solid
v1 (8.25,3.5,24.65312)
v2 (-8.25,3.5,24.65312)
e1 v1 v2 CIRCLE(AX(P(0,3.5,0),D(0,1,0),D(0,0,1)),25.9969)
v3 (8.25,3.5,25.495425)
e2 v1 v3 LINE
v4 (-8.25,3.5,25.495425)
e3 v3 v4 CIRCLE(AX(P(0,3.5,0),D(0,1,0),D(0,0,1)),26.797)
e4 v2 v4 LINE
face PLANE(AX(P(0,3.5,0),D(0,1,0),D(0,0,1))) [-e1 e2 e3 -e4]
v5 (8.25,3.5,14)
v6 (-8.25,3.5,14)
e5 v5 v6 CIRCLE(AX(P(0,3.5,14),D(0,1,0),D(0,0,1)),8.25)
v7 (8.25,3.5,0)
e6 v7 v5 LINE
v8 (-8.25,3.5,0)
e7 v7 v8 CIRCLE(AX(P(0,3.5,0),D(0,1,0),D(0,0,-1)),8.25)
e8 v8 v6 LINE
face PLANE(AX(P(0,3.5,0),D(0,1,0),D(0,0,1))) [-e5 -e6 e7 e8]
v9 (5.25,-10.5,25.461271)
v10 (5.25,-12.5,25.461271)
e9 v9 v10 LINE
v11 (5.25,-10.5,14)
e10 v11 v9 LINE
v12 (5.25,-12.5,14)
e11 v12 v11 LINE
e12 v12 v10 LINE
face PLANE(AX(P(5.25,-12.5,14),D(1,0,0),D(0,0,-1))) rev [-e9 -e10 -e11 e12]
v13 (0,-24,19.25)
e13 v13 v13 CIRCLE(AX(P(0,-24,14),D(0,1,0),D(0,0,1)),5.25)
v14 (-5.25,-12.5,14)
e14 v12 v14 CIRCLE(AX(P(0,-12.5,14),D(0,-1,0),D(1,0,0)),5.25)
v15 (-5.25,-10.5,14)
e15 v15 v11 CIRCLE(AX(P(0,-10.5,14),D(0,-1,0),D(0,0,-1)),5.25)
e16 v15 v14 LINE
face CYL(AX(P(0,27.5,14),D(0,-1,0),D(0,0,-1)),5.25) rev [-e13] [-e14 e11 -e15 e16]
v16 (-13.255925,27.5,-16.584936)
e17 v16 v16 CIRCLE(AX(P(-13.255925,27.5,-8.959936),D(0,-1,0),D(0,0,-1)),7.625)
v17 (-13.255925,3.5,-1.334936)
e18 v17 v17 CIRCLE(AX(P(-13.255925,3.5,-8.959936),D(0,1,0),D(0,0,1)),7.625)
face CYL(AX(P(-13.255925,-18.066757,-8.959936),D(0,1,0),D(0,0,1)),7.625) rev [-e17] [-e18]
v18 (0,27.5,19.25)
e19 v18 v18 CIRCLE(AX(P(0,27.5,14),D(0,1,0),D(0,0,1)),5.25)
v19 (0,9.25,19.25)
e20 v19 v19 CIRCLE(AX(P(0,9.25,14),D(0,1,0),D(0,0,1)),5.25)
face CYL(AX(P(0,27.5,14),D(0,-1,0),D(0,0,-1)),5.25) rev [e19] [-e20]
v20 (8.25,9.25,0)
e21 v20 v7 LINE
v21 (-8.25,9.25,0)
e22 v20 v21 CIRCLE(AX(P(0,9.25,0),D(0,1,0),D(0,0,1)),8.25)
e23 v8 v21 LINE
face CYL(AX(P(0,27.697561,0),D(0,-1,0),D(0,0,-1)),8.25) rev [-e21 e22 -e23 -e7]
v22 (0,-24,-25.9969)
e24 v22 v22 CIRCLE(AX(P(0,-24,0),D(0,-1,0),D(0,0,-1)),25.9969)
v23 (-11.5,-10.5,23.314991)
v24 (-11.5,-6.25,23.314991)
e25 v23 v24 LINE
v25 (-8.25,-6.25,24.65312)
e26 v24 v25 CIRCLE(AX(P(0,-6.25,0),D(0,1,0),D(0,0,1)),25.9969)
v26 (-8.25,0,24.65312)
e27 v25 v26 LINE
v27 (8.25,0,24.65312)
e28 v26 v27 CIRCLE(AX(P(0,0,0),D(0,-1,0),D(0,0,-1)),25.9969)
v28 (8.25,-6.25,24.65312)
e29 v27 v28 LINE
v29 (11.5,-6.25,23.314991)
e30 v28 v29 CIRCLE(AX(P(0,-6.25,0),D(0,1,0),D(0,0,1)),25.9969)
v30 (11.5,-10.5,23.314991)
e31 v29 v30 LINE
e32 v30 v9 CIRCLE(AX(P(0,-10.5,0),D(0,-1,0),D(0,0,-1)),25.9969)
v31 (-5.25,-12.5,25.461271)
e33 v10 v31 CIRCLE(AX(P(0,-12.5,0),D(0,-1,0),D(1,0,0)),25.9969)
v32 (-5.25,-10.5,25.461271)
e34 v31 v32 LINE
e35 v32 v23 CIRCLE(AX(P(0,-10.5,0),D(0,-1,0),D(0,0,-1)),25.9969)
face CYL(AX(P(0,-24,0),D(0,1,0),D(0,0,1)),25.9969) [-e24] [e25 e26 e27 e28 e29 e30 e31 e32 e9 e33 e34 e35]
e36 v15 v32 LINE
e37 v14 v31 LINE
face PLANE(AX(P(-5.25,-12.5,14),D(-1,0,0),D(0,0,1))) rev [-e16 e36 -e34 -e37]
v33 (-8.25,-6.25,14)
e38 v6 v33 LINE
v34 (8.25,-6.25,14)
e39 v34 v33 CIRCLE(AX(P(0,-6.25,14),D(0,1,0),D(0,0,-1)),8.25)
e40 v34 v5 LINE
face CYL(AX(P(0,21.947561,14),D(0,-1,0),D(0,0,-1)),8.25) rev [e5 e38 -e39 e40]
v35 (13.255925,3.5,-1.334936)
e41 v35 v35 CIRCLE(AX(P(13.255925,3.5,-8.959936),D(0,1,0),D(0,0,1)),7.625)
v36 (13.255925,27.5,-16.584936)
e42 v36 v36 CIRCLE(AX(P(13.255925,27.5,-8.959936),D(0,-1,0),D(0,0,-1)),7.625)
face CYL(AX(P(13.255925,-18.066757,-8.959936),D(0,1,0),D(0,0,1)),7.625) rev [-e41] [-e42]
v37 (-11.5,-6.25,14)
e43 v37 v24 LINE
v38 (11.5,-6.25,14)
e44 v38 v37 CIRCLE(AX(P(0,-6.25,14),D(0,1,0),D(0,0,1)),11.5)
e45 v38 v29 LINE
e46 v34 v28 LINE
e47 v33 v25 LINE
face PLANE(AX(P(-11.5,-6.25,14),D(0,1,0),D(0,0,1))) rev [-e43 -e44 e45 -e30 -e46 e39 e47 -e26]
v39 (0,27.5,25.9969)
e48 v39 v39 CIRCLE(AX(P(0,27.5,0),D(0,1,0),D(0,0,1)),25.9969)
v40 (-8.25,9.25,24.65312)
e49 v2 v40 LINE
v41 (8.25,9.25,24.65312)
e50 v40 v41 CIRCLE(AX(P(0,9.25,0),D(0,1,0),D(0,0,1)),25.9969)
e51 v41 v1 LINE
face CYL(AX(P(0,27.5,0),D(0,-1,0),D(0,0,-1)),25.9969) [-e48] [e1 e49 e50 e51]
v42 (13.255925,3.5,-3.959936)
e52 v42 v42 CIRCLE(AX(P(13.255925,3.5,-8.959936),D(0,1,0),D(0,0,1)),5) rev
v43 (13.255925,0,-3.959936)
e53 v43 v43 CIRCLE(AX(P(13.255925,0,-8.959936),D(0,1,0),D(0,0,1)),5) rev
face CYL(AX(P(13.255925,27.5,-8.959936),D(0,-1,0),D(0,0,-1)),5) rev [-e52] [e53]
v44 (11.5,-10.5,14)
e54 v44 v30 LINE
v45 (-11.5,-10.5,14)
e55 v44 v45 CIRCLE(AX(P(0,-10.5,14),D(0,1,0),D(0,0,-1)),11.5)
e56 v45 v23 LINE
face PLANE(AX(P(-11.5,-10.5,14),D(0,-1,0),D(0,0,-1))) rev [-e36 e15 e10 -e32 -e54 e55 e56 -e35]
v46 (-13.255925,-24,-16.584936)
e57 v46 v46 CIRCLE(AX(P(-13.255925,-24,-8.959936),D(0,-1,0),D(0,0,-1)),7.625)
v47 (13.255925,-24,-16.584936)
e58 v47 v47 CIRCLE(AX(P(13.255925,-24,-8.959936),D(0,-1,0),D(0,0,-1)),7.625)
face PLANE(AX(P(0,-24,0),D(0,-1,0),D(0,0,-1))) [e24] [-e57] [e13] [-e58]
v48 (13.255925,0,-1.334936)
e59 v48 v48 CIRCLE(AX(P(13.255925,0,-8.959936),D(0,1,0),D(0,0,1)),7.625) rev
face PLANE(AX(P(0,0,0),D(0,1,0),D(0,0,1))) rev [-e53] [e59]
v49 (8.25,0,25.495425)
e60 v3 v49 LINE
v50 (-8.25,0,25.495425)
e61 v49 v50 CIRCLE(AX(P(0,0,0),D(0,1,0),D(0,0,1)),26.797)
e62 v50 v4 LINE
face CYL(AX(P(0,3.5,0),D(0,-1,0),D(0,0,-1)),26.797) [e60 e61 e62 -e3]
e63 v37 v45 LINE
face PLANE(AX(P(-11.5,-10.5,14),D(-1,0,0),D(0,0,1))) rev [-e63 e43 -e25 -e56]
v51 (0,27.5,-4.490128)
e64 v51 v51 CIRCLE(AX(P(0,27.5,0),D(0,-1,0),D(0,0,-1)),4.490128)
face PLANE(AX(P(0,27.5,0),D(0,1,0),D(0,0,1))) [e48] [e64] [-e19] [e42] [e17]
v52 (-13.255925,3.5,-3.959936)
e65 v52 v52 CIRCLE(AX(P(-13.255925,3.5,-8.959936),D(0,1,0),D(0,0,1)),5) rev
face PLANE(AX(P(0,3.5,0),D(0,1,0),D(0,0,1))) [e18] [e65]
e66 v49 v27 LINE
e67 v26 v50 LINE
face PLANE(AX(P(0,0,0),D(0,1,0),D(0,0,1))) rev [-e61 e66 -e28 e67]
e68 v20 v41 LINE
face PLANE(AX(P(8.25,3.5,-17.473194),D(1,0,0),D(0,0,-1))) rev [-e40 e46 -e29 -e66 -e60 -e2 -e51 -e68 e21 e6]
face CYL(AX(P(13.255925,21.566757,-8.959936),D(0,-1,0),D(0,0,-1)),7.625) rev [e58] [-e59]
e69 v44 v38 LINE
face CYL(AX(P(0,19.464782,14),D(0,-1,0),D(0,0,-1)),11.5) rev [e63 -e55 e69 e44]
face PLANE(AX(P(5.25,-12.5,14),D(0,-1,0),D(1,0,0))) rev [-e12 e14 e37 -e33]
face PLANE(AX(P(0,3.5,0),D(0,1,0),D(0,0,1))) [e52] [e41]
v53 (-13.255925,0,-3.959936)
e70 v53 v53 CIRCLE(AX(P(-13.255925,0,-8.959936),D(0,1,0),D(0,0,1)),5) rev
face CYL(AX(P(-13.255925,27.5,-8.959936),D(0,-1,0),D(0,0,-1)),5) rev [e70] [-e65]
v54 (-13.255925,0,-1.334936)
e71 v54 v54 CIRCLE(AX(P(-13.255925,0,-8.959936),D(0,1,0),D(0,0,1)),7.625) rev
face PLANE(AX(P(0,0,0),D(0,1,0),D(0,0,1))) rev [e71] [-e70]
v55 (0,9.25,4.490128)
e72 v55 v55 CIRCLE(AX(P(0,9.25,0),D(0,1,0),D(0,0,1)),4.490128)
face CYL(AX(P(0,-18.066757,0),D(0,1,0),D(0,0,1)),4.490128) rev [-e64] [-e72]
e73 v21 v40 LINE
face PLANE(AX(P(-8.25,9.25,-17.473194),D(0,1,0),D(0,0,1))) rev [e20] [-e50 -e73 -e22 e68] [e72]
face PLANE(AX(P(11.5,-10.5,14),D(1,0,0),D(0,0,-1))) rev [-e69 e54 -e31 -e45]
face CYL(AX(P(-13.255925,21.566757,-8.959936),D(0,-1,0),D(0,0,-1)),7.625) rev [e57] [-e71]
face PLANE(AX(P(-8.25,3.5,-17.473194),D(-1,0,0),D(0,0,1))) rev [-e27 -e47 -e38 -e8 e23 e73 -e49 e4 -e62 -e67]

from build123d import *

# Parameters (mm, degrees)
SKETCH1_R           = 26.797
BOSS_EXTRUDE1_DEPTH = 3.5
SKETCH2_R           = 25.9969
BOSS_EXTRUDE2_DEPTH = 24
SKETCH3_R           = 25.9969
BOSS_EXTRUDE3_DEPTH = 24
SKETCH4_R           = 7.625
CUT_EXTRUDE1_DEPTH  = 24
SKETCH5_R           = 7.625
SKETCH5_R_2         = 4.490128061
CUT_EXTRUDE2_DEPTH  = 24
SKETCH6_R           = 5.25
SKETCH6_R_2         = 5
CUT_EXTRUDE4_DEPTH  = 52.5
CUT_EXTRUDE5_START  = -26.797
SKETCH7_W           = 16.5
SKETCH7_H           = 5.75
CUT_EXTRUDE5_DEPTH  = 25.9969
CUT_EXTRUDE6_DEPTH  = 5.75
SKETCH13_W          = 16.5
SKETCH13_H          = 9.75
CUT_EXTRUDE10_DEPTH = 12.797
CUT_EXTRUDE11_DEPTH = 9.75
SKETCH9_W           = 23
SKETCH9_H           = 4.25
CUT_EXTRUDE7_DEPTH  = 12.797
CUT_EXTRUDE8_DEPTH  = 4.25
CUT_EXTRUDE9_START  = -12.797
SKETCH12_W          = 10.5
SKETCH12_H          = 2
CUT_EXTRUDE9_DEPTH  = 11.9969


with BuildPart() as part:
    # Sketch1 → Boss-Extrude1 (new body)
    with BuildSketch(Plane(origin=(0, 0, 0), x_dir=(1, 0, 0), z_dir=(0, 1, 0))):
        Circle(SKETCH1_R)
    extrude(amount=BOSS_EXTRUDE1_DEPTH)

    # Sketch2 → Boss-Extrude2 (add)
    with BuildSketch(Plane(origin=(0, 3.5, 0), x_dir=(1, 0, 0), z_dir=(0, 1, 0))):
        Circle(SKETCH2_R)
    extrude(amount=BOSS_EXTRUDE2_DEPTH)

    # Sketch3 → Boss-Extrude3 (add)
    with BuildSketch(Plane.XZ):
        Circle(SKETCH3_R)
    extrude(amount=BOSS_EXTRUDE3_DEPTH)

    # Sketch4 → Cut-Extrude1 (cut)
    with BuildSketch(Plane.XZ.offset(24)):
        with Locations((-13.255925111, -8.959935794)):
            Circle(SKETCH4_R)
        with Locations((13.255925111, -8.959935794)):
            Circle(SKETCH4_R)
    extrude(amount=-CUT_EXTRUDE1_DEPTH, mode=Mode.SUBTRACT)

    # Sketch5 → Cut-Extrude2 (cut)
    with BuildSketch(Plane(origin=(0, 27.5, -30.35), x_dir=(-1, 0, 0), z_dir=(0, -1, 0))):
        with Locations((-13.255925111, -21.390064206)):
            Circle(SKETCH5_R)
        with Locations((13.255925111, -21.390064206)):
            Circle(SKETCH5_R)
        with Locations((0, -30.35)):
            Circle(SKETCH5_R_2)
    extrude(amount=CUT_EXTRUDE2_DEPTH, mode=Mode.SUBTRACT)

    # Sketch6 → Cut-Extrude4 (cut, through all)
    with BuildSketch(Plane(origin=(0, -24, -24), x_dir=(-1, 0, 0), z_dir=(0, 1, 0))):
        with Locations((0, 38)):
            Circle(SKETCH6_R)
        with Locations((-13.255925111, 15.040064206)):
            Circle(SKETCH6_R_2)
        with Locations((13.255925111, 15.040064206)):
            Circle(SKETCH6_R_2)
    extrude(amount=CUT_EXTRUDE4_DEPTH, mode=Mode.SUBTRACT)

    # Sketch7 → Cut-Extrude5 (cut)
    with BuildSketch(Plane.XY.offset(26.797).offset(CUT_EXTRUDE5_START)):
        with Locations((0, 6.375)):
            Rectangle(SKETCH7_W, SKETCH7_H)
    extrude(amount=CUT_EXTRUDE5_DEPTH, mode=Mode.SUBTRACT)

    # Sketch8 → Cut-Extrude6 (cut)
    with BuildSketch(Plane(origin=(0, 3.5, 0), x_dir=(1, 0, 0), z_dir=(0, 1, 0))):
        with BuildLine():
            Line((-8.25, 0), (8.25, 0))
            ThreePointArc((8.25, 0), (0, 8.25), (-8.25, 0))
        make_face()
    extrude(amount=CUT_EXTRUDE6_DEPTH, mode=Mode.SUBTRACT)

    # Sketch13 → Cut-Extrude10 (cut)
    with BuildSketch(Plane.XY.offset(26.797)):
        with Locations((0, -1.375)):
            Rectangle(SKETCH13_W, SKETCH13_H)
    extrude(amount=-CUT_EXTRUDE10_DEPTH, mode=Mode.SUBTRACT)

    # Sketch14 → Cut-Extrude11 (cut)
    with BuildSketch(Plane(origin=(0, -6.25, 0), x_dir=(1, 0, 0), z_dir=(0, 1, 0))):
        with BuildLine():
            Line((-8.25, -14), (8.25, -14))
            ThreePointArc((8.25, -14), (0, -5.75), (-8.25, -14))
        make_face()
    extrude(amount=CUT_EXTRUDE11_DEPTH, mode=Mode.SUBTRACT)

    # Sketch9 → Cut-Extrude7 (cut)
    with BuildSketch(Plane.XY.offset(26.797)):
        with Locations((0, -8.375)):
            Rectangle(SKETCH9_W, SKETCH9_H)
    extrude(amount=-CUT_EXTRUDE7_DEPTH, mode=Mode.SUBTRACT)

    # Sketch11 → Cut-Extrude8 (cut)
    with BuildSketch(Plane(origin=(0, -10.5, 0), x_dir=(1, 0, 0), z_dir=(0, 1, 0))):
        with BuildLine():
            Line((-11.5, -14), (11.5, -14))
            ThreePointArc((11.5, -14), (0, -2.5), (-11.5, -14))
        make_face()
    extrude(amount=CUT_EXTRUDE8_DEPTH, mode=Mode.SUBTRACT)

    # Sketch12 → Cut-Extrude9 (cut)
    with BuildSketch(Plane.XY.offset(26.797).offset(CUT_EXTRUDE9_START)):
        with Locations((0, -11.5)):
            Rectangle(SKETCH12_W, SKETCH12_H)
    extrude(amount=CUT_EXTRUDE9_DEPTH, mode=Mode.SUBTRACT)


solid = part.part
